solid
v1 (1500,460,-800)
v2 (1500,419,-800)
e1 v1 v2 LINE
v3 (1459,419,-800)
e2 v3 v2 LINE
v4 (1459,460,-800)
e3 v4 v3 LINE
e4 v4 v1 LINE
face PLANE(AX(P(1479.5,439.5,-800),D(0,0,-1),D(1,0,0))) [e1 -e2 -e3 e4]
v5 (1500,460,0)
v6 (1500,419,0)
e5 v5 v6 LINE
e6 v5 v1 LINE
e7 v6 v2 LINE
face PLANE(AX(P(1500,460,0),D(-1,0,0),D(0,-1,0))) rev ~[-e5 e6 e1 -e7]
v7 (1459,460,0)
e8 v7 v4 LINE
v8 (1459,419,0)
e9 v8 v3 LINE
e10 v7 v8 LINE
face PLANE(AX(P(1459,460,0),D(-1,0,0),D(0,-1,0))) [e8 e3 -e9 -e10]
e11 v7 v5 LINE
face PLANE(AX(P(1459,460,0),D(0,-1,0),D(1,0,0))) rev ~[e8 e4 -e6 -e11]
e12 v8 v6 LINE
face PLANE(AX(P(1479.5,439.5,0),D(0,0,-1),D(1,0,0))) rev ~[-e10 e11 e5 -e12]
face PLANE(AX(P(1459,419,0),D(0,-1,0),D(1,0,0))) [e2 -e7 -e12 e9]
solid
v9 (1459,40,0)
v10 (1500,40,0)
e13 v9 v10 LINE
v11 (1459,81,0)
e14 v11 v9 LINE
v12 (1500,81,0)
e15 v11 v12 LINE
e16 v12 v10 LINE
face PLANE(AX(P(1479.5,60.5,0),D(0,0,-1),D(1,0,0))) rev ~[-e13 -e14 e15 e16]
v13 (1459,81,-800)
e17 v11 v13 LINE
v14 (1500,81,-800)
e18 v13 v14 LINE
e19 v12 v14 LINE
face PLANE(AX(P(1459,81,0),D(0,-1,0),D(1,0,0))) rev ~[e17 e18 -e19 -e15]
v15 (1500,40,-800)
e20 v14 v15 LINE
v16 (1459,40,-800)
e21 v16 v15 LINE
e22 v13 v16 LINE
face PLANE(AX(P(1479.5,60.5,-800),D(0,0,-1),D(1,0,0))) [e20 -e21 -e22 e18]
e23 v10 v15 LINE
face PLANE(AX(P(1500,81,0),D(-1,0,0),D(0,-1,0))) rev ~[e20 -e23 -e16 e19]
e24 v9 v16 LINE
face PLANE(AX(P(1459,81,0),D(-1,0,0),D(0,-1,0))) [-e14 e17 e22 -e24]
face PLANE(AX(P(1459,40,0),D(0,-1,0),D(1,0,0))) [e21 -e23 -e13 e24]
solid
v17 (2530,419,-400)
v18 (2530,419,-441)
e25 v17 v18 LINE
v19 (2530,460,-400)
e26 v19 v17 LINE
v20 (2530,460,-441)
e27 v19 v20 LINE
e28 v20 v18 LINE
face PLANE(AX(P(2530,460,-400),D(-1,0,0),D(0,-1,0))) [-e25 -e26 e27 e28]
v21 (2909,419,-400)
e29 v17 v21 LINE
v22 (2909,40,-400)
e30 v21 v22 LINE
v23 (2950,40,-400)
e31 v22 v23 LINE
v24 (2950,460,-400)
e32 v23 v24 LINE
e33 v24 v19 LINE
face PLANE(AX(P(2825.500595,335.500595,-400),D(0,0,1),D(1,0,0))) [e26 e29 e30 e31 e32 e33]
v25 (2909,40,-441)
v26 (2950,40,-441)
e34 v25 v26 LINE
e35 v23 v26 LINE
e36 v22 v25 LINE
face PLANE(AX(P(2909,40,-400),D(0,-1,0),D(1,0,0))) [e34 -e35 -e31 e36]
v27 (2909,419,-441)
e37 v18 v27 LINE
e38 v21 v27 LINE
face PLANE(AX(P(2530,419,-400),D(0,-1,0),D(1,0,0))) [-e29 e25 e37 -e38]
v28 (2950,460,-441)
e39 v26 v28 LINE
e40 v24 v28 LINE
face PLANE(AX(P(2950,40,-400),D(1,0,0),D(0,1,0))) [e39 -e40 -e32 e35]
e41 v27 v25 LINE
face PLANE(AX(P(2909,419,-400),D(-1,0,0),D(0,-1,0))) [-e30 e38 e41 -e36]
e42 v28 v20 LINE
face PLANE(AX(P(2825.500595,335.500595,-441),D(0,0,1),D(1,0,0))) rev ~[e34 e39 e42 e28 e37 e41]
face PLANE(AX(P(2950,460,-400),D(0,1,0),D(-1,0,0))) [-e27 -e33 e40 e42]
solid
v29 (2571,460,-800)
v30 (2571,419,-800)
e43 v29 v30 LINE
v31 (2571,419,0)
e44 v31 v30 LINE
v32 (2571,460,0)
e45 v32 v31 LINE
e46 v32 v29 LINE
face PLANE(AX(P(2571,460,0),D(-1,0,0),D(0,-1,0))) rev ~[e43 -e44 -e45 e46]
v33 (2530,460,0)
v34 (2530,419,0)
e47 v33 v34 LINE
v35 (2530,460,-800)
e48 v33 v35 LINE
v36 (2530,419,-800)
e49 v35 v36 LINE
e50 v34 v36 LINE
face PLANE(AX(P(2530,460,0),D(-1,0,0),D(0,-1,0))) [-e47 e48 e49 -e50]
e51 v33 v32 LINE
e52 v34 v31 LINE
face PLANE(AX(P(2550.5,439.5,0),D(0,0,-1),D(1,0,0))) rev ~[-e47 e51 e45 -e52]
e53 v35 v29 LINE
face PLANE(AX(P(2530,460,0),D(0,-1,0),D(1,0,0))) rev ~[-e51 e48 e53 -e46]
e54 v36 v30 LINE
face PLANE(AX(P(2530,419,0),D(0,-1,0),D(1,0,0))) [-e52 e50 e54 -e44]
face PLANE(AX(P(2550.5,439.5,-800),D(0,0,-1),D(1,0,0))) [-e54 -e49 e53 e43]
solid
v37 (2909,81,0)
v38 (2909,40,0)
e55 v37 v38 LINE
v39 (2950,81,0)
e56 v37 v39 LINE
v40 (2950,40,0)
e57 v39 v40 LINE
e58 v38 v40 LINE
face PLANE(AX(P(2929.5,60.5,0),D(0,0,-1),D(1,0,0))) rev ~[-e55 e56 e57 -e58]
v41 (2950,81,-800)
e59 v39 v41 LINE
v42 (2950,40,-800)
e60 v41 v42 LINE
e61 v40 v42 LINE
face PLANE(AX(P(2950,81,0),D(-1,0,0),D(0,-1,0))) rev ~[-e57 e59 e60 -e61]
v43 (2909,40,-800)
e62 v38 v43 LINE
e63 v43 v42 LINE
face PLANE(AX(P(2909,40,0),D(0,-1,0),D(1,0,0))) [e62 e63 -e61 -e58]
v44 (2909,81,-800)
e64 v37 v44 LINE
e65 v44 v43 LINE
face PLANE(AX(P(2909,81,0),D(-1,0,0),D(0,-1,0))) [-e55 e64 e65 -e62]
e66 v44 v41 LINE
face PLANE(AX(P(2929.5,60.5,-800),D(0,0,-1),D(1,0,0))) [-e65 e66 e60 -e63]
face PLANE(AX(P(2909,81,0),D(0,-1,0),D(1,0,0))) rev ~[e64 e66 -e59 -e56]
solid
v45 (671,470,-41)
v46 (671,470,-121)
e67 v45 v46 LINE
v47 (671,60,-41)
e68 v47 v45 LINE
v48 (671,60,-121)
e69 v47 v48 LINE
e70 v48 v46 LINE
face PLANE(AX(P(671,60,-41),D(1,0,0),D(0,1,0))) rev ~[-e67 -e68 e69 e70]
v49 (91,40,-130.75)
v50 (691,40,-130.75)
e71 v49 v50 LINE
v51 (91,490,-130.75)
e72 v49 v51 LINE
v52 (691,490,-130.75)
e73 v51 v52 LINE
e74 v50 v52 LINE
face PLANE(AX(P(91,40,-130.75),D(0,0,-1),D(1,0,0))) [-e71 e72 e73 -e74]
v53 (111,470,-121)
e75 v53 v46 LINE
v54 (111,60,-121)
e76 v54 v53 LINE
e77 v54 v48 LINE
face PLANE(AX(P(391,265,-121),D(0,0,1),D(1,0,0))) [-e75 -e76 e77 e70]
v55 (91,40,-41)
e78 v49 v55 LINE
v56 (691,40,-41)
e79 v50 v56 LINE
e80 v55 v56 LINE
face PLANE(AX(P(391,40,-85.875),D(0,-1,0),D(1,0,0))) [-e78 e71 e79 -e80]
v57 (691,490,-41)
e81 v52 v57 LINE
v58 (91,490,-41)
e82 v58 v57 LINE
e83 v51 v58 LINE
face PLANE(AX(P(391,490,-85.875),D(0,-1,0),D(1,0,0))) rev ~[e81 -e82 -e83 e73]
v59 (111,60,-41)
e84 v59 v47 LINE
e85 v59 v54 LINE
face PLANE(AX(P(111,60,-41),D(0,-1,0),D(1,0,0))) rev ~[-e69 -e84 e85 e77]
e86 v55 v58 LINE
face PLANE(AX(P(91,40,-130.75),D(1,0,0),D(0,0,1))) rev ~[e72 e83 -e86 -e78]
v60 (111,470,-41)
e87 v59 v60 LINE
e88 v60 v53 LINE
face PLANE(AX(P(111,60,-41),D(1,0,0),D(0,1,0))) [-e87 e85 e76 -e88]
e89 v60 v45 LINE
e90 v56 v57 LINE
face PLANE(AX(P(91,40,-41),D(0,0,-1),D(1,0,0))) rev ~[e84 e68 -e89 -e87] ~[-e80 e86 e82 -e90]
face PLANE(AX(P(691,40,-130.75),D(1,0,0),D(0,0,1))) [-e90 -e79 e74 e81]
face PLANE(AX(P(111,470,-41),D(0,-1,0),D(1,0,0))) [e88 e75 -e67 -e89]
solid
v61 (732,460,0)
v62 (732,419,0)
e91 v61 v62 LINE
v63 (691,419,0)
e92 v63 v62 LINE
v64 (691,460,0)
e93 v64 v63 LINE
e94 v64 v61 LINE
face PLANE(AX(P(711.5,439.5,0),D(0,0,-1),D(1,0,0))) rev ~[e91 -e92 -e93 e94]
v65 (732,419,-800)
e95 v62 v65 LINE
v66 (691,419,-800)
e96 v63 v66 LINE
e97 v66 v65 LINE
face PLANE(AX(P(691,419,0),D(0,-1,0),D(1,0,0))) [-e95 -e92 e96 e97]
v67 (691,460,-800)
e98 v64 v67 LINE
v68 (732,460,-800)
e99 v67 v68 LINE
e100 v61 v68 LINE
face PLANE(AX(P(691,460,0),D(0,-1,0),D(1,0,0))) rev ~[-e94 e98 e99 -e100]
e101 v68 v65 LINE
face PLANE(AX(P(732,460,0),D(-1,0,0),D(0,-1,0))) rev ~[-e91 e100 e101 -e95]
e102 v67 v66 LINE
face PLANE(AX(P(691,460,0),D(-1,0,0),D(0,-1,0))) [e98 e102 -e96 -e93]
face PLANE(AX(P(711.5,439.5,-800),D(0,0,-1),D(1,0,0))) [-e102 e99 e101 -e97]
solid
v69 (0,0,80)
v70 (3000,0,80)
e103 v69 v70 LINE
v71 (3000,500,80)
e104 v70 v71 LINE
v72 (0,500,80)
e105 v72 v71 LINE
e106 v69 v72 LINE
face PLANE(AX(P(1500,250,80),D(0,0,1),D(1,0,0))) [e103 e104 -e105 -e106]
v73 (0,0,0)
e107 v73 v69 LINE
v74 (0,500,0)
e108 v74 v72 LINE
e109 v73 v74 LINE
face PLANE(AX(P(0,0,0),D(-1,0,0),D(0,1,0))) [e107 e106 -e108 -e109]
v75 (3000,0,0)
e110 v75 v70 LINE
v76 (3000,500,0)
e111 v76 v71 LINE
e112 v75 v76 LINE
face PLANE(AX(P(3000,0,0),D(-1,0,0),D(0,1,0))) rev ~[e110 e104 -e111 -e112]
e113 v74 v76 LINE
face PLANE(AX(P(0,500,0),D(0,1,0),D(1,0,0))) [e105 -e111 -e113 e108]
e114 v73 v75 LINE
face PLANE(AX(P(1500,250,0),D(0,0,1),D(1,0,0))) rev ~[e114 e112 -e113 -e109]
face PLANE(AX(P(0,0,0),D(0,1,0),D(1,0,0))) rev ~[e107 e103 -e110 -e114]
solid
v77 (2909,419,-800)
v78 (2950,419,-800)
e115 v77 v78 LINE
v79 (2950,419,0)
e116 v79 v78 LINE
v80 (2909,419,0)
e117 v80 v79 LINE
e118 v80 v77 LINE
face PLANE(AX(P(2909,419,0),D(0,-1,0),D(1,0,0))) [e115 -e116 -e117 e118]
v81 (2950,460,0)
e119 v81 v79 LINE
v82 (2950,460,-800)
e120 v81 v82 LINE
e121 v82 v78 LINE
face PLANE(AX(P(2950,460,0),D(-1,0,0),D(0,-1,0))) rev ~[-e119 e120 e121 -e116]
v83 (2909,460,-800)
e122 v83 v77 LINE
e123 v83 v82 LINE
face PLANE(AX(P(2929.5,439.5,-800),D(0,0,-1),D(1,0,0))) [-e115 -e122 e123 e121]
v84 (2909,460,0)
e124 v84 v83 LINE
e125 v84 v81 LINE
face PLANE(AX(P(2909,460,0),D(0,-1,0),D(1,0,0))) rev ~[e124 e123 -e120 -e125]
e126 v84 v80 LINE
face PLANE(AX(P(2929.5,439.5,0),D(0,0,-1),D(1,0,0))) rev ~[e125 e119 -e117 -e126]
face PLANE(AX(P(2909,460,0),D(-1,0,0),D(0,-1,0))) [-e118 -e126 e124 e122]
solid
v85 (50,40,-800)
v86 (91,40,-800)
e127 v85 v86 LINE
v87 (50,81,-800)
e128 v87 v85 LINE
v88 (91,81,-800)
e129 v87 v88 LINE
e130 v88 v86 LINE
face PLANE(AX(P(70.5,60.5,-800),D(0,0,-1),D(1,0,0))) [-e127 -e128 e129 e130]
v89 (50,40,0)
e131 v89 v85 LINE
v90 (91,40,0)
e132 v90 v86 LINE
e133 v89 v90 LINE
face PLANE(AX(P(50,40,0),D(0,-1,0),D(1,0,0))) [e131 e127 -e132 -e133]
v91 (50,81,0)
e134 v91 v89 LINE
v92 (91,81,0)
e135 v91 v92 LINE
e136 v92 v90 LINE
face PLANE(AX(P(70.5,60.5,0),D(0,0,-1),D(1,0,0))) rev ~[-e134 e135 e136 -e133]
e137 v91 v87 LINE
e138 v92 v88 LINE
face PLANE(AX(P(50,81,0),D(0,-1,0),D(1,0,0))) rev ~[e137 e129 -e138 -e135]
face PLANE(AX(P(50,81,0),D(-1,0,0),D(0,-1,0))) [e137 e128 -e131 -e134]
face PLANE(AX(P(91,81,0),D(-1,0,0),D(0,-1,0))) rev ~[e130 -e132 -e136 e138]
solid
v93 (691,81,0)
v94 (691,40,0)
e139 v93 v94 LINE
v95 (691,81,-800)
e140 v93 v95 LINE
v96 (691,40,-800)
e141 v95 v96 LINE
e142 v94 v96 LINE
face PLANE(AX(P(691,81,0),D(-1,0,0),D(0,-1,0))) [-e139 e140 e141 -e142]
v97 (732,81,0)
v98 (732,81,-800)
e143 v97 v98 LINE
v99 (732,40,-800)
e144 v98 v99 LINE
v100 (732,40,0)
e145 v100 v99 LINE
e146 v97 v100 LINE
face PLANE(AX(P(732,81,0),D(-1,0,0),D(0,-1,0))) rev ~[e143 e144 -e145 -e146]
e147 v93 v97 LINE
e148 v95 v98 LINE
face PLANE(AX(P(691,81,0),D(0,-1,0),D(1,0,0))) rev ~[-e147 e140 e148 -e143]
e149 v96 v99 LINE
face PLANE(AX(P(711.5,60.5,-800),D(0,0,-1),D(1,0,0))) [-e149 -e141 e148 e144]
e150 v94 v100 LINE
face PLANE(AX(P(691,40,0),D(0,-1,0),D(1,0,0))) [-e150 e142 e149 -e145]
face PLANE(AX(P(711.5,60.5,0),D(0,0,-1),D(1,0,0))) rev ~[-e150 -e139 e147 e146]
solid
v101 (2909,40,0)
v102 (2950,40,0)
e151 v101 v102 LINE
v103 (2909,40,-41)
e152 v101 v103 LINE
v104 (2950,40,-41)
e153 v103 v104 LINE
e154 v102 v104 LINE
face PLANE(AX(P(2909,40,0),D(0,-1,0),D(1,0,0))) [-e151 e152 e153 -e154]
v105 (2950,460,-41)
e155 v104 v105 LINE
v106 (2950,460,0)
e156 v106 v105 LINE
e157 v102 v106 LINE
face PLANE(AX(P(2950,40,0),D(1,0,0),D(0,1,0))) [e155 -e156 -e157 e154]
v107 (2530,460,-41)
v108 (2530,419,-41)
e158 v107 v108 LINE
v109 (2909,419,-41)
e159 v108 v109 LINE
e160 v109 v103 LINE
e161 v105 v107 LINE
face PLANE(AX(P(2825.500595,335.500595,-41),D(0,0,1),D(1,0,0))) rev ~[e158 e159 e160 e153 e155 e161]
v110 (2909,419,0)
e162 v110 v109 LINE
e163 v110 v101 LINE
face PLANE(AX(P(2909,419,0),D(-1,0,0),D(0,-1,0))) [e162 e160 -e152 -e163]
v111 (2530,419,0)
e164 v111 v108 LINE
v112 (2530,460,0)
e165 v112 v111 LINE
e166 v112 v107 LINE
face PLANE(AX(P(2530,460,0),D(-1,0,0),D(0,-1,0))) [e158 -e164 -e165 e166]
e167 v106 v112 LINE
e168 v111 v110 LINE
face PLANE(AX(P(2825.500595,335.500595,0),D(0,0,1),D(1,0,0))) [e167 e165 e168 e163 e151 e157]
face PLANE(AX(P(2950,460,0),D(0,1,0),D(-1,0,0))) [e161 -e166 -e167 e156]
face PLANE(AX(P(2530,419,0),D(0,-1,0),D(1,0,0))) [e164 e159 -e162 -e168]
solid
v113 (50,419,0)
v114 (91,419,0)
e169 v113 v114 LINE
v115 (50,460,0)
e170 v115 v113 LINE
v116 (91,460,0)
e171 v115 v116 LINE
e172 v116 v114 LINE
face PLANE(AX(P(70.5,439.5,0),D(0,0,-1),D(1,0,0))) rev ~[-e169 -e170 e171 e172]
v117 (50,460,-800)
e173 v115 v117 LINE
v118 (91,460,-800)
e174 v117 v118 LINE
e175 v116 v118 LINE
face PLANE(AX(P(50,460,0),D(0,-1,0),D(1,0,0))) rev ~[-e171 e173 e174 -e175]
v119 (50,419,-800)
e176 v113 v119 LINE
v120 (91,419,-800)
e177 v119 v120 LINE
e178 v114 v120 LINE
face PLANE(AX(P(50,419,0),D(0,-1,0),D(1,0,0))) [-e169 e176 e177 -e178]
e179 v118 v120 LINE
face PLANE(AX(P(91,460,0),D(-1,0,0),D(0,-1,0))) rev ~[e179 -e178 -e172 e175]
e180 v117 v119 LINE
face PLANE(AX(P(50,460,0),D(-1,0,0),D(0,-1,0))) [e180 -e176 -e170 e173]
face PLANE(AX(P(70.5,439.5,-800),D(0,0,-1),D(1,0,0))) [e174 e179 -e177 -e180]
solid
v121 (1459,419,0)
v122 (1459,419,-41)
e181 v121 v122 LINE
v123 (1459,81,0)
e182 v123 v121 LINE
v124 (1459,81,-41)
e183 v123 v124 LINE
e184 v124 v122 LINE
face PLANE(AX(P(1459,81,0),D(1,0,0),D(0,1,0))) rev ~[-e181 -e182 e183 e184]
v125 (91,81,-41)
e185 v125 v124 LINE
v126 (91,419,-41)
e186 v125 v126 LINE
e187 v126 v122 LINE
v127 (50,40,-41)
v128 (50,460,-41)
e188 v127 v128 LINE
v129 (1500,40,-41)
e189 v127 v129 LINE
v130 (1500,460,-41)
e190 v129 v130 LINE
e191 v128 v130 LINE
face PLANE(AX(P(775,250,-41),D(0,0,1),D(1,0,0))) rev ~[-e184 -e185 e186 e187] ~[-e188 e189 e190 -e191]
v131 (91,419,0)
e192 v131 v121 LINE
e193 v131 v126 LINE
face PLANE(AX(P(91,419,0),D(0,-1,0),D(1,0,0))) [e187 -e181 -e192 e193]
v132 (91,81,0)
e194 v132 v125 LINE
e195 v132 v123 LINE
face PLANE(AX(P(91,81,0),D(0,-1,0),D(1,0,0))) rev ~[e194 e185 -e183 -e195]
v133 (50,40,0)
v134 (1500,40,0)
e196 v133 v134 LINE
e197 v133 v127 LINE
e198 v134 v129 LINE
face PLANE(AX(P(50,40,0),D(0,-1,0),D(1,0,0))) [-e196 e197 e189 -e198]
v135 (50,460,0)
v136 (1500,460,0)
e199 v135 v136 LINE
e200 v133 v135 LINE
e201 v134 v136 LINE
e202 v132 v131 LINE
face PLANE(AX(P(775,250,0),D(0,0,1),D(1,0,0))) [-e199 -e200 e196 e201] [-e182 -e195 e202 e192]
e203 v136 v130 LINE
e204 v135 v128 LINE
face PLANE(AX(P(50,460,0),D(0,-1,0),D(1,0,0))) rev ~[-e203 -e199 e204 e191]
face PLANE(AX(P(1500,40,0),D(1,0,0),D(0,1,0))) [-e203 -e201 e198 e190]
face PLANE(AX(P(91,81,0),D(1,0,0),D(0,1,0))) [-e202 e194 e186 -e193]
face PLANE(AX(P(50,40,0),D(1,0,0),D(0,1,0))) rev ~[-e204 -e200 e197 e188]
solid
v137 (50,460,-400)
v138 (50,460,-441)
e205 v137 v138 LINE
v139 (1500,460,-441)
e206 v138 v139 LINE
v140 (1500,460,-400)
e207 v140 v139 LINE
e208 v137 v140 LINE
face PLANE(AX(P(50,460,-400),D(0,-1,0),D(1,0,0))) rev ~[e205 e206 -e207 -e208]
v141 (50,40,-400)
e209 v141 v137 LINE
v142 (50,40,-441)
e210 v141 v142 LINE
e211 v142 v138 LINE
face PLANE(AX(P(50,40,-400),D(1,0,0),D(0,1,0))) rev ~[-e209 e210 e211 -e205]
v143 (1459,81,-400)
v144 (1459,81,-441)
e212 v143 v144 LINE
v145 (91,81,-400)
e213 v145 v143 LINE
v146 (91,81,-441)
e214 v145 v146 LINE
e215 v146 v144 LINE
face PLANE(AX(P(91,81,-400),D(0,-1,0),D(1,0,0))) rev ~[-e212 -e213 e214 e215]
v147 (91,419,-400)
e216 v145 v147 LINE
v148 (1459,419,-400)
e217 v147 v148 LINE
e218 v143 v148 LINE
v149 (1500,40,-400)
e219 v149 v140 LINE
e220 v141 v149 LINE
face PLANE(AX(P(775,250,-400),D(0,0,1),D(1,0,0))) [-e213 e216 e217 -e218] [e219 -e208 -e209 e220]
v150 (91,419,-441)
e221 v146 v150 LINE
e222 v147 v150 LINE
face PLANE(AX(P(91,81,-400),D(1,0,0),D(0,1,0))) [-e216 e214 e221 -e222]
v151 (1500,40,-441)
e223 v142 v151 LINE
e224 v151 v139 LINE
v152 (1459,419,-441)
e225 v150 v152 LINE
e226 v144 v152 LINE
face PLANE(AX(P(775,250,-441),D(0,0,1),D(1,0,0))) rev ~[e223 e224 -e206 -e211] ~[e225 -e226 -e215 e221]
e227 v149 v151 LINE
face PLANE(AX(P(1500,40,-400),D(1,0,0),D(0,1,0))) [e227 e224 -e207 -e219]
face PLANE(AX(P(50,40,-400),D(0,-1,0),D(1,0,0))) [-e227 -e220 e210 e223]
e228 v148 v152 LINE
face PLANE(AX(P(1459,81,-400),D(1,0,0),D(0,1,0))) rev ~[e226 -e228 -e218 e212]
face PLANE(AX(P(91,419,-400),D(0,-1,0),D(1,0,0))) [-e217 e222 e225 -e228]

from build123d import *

# Parameters (mm, degrees)
F0_W      = 3000
F0_H      = 500
F1_DEPTH  = 80
F2_W      = 41
F2_H      = 41
F3_DEPTH  = 800
F4_W      = 1450
F4_H      = 420
F4_W_2    = 1368
F4_H_2    = 338
F5_DEPTH  = 41
F6_START  = -400
F6_DEPTH  = 41
F7_W      = 600
F7_H      = 89.75
F8_DEPTH  = 450
F9_W      = 560
F9_H      = 410
F10_DEPTH = 80


with BuildPart() as f1:
    # F0 (on Top) → F1 (new body)
    with BuildSketch(Plane.XY):
        with Locations((1500, 250)):
            Rectangle(F0_W, F0_H)
    extrude(amount=F1_DEPTH)


with BuildPart() as f3:
    # F2 (on face) → F3 (new body)
    with BuildSketch(Plane(origin=(0, 0, 0), x_dir=(1, 0, 0), z_dir=(0, 0, -1))):
        with Locations((70.5, -60.5)):
            Rectangle(F2_W, F2_H)
    extrude(amount=F3_DEPTH)


with BuildPart() as f3b:
    # F2 (on face) → F3, piece 2 (new body)
    with BuildSketch(Plane(origin=(0, 0, 0), x_dir=(1, 0, 0), z_dir=(0, 0, -1))):
        with Locations((70.5, -439.5)):
            Rectangle(F2_W, F2_H)
    extrude(amount=F3_DEPTH)


with BuildPart() as f3c:
    # F2 (on face) → F3, piece 3 (new body)
    with BuildSketch(Plane(origin=(0, 0, 0), x_dir=(1, 0, 0), z_dir=(0, 0, -1))):
        with Locations((2929.5, -60.5)):
            Rectangle(F2_W, F2_H)
    extrude(amount=F3_DEPTH)


with BuildPart() as f3d:
    # F2 (on face) → F3, piece 4 (new body)
    with BuildSketch(Plane(origin=(0, 0, 0), x_dir=(1, 0, 0), z_dir=(0, 0, -1))):
        with Locations((2929.5, -439.5)):
            Rectangle(F2_W, F2_H)
    extrude(amount=F3_DEPTH)


with BuildPart() as f3e:
    # F2 (on face) → F3, piece 5 (new body)
    with BuildSketch(Plane(origin=(0, 0, 0), x_dir=(1, 0, 0), z_dir=(0, 0, -1))):
        with Locations((1479.5, -439.5)):
            Rectangle(F2_W, F2_H)
    extrude(amount=F3_DEPTH)


with BuildPart() as f3f:
    # F2 (on face) → F3, piece 6 (new body)
    with BuildSketch(Plane(origin=(0, 0, 0), x_dir=(1, 0, 0), z_dir=(0, 0, -1))):
        with Locations((1479.5, -60.5)):
            Rectangle(F2_W, F2_H)
    extrude(amount=F3_DEPTH)


with BuildPart() as f3g:
    # F2 (on face) → F3, piece 7 (new body)
    with BuildSketch(Plane(origin=(0, 0, 0), x_dir=(1, 0, 0), z_dir=(0, 0, -1))):
        with Locations((2550.5, -439.5)):
            Rectangle(F2_W, F2_H)
    extrude(amount=F3_DEPTH)


with BuildPart() as f3h:
    # F2 (on face) → F3, piece 8 (new body)
    with BuildSketch(Plane(origin=(0, 0, 0), x_dir=(1, 0, 0), z_dir=(0, 0, -1))):
        with Locations((711.5, -60.5)):
            Rectangle(F2_W, F2_H)
    extrude(amount=F3_DEPTH)


with BuildPart() as f3i:
    # F2 (on face) → F3, piece 9 (new body)
    with BuildSketch(Plane(origin=(0, 0, 0), x_dir=(1, 0, 0), z_dir=(0, 0, -1))):
        with Locations((711.5, -439.5)):
            Rectangle(F2_W, F2_H)
    extrude(amount=F3_DEPTH)


with BuildPart() as f5:
    # F4 (on face) → F5 (new body)
    with BuildSketch(Plane.XY):
        with Locations((775, 250)):
            Rectangle(F4_W, F4_H)
        with Locations((775, 250)):
            Rectangle(F4_W_2, F4_H_2, mode=Mode.SUBTRACT)
    extrude(amount=-F5_DEPTH)


with BuildPart() as f5b:
    # F4 (on face) → F5, piece 2 (new body)
    with BuildSketch(Plane.XY):
        Polygon((2909, 40), (2950, 40), (2950, 419), (2950, 460), (2909, 460), (2530, 460), (2530, 419), (2909, 419), align=None)
    extrude(amount=-F5_DEPTH)


with BuildPart() as f6:
    # F4 (on face) → F6 (new body)
    with BuildSketch(Plane.XY.offset(F6_START)):
        with Locations((775, 250)):
            Rectangle(F4_W, F4_H)
        with Locations((775, 250)):
            Rectangle(F4_W_2, F4_H_2, mode=Mode.SUBTRACT)
    extrude(amount=-F6_DEPTH)


with BuildPart() as f6b:
    # F4 (on face) → F6, piece 2 (new body)
    with BuildSketch(Plane.XY.offset(F6_START)):
        Polygon((2909, 40), (2950, 40), (2950, 419), (2950, 460), (2909, 460), (2530, 460), (2530, 419), (2909, 419), align=None)
    extrude(amount=-F6_DEPTH)


with BuildPart() as f8:
    # F7 (on face) → F8 (new body)
    with BuildSketch(Plane.XZ.offset(-40)):
        with Locations((391, -85.875)):
            Rectangle(F7_W, F7_H)
    extrude(amount=-F8_DEPTH)

    # F9 (on face) → F10 (cut)
    with BuildSketch(Plane.XY.offset(-41)):
        with Locations((391, 265)):
            Rectangle(F9_W, F9_H)
    extrude(amount=-F10_DEPTH, mode=Mode.SUBTRACT)


solid = Compound([f1.part, f3.part, f3b.part, f3c.part, f3d.part, f3e.part, f3f.part, f3g.part, f3h.part, f3i.part, f5.part, f5b.part, f6.part, f6b.part, f8.part])
